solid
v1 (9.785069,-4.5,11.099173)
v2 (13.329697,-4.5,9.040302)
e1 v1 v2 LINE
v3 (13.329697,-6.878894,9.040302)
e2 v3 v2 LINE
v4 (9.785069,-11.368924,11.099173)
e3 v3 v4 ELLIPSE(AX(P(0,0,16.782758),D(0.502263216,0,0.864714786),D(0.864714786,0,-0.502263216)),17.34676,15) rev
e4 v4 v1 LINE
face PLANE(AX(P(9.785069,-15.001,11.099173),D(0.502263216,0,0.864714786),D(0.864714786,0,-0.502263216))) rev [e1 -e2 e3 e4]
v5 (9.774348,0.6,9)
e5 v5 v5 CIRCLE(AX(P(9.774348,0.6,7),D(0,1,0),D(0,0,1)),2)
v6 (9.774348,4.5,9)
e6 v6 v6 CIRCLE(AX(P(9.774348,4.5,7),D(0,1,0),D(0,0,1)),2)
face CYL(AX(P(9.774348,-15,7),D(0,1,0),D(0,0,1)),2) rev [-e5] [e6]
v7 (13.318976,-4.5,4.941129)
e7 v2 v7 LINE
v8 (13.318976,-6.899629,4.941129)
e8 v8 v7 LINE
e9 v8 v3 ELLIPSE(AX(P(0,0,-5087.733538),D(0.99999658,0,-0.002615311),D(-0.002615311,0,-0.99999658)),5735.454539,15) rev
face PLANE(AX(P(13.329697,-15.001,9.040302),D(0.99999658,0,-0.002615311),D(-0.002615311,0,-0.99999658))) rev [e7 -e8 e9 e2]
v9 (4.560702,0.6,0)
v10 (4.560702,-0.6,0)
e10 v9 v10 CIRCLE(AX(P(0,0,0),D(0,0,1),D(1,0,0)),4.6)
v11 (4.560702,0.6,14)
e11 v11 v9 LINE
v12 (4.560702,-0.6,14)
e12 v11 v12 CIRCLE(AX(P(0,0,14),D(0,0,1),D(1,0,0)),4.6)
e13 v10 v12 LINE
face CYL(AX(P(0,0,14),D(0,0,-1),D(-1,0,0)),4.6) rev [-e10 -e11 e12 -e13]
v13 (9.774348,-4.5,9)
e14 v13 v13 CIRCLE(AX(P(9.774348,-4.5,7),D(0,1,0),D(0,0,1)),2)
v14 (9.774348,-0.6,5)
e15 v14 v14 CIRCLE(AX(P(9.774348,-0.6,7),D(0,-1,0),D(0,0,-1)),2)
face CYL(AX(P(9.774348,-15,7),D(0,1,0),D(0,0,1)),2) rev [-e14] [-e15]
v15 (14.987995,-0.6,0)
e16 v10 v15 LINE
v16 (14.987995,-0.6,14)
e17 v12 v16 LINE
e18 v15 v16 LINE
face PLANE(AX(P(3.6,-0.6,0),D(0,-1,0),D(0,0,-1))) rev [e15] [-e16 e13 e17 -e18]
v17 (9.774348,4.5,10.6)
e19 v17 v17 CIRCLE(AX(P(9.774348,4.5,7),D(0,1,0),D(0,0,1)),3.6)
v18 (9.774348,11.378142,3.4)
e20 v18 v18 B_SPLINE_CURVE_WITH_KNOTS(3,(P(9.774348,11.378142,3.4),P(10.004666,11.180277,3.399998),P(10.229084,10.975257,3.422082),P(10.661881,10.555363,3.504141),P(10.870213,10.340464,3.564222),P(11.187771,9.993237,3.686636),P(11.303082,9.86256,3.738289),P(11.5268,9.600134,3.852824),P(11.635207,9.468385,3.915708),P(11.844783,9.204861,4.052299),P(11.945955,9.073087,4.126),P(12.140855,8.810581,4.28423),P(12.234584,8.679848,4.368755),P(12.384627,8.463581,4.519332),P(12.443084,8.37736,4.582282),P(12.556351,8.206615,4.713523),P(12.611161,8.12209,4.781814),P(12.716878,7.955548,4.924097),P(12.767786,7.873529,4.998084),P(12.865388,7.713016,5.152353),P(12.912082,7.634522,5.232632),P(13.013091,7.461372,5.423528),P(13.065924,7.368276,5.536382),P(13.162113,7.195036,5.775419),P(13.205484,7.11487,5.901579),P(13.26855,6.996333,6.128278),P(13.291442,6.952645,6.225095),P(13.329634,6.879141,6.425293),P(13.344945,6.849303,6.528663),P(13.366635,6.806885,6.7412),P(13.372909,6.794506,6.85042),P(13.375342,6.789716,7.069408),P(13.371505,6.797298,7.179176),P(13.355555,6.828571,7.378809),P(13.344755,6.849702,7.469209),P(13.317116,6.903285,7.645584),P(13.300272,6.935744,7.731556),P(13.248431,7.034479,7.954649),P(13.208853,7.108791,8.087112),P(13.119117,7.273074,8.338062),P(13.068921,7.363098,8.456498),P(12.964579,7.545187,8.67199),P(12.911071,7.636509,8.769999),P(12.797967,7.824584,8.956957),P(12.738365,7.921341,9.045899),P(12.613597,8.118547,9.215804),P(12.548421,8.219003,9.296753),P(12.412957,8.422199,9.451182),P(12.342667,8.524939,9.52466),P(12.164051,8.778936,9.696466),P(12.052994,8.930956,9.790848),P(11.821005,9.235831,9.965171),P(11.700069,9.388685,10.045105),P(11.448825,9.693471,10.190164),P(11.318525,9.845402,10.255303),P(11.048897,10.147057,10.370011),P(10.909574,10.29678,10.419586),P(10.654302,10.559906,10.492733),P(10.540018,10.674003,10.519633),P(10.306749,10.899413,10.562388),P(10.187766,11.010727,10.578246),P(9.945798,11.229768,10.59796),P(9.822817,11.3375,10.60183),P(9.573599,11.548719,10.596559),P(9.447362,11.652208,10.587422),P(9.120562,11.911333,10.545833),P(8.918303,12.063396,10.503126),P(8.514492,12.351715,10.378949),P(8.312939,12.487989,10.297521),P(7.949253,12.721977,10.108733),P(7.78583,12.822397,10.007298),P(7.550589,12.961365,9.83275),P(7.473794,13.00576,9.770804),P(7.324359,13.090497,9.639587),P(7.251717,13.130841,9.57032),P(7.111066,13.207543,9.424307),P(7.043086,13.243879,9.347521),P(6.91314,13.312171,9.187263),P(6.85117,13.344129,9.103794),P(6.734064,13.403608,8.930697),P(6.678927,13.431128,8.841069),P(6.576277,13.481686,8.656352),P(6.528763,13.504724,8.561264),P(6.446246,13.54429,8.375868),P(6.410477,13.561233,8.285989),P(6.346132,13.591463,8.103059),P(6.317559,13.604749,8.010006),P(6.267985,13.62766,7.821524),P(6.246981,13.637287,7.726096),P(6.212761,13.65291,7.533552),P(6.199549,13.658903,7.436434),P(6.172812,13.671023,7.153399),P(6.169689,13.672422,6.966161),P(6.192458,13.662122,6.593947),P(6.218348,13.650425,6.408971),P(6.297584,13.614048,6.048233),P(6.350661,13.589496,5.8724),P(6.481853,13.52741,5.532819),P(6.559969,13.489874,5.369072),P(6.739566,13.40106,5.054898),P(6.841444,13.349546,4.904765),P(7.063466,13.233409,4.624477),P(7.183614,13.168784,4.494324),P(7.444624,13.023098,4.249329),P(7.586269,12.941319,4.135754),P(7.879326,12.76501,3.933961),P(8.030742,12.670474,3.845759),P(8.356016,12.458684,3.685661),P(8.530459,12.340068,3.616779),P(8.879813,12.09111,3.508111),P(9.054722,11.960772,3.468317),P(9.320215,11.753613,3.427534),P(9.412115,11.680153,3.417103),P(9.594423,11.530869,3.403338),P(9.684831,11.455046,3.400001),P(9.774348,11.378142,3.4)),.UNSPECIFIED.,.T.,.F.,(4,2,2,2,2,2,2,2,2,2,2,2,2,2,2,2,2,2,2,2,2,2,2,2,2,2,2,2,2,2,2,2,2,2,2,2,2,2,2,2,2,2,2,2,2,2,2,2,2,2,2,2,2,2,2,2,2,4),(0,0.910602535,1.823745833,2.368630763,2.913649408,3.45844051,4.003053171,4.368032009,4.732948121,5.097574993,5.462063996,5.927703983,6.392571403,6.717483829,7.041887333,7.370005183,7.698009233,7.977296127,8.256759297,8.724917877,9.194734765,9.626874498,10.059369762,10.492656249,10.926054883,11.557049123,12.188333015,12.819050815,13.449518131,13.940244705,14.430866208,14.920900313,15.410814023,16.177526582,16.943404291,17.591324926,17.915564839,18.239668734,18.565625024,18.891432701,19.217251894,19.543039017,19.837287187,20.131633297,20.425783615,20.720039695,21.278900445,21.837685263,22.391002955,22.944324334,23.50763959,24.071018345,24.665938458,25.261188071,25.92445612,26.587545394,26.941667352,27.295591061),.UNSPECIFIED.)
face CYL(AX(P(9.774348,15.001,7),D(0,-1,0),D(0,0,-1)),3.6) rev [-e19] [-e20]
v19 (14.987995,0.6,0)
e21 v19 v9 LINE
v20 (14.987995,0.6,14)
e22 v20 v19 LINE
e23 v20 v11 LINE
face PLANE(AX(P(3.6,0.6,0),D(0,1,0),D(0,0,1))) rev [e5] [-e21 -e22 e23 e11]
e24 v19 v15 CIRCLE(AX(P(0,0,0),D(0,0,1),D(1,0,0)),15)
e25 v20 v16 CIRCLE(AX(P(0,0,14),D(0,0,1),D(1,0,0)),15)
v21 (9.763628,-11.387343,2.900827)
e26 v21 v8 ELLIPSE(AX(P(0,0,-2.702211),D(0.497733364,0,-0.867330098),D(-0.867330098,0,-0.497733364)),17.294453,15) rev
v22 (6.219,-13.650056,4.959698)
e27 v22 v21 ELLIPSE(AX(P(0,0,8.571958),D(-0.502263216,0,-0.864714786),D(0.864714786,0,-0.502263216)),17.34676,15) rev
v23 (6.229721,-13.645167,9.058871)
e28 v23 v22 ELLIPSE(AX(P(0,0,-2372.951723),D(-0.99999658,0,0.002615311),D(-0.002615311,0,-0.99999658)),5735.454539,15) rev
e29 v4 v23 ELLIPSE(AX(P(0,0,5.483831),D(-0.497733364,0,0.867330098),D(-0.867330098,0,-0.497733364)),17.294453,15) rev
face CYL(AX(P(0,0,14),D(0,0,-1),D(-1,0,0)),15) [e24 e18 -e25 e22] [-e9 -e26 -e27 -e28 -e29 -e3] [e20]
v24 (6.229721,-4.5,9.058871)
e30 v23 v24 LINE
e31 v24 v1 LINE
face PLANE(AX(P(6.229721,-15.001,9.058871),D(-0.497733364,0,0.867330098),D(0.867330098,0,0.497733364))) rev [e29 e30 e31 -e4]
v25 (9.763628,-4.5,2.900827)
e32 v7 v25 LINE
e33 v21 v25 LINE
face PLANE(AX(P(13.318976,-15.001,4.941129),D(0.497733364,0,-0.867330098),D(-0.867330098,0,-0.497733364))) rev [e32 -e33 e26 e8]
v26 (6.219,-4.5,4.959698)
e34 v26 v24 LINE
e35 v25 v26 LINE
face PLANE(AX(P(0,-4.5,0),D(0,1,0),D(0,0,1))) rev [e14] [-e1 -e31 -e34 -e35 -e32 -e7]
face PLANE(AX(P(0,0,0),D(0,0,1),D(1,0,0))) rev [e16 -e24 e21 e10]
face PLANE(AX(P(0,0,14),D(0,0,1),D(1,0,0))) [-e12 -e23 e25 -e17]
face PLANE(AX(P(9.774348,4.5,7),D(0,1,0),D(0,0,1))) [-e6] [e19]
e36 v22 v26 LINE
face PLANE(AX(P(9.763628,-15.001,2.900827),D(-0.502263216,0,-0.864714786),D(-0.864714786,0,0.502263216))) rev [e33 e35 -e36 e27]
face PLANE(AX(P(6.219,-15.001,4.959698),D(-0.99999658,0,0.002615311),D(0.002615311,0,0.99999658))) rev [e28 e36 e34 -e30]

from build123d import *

# Parameters (mm, degrees)
SKETCH1_R               = 15
SKETCH1_R_2             = 4.6
BOSS_EXTRUDE1_DEPTH     = 14
SKETCH2_W               = 12.4
SKETCH2_H               = 1.2
CUT_EXTRUDE1_DEPTH      = 26.416530054
CUT_EXTRUDE2_DEPTH      = 26.416530054
CUT_EXTRUDE2_DEPTH_BACK = 26.416530054
SKETCH3_R               = 2
CUT_EXTRUDE3_REACH      = 30.306
CUT_EXTRUDE3_END_RADIUS = 15
SKETCH4_R               = 3.6
CUT_EXTRUDE4_REACH      = 30.306
CUT_EXTRUDE4_END_RADIUS = 15


with BuildPart() as part:
    # Sketch1 → Boss-Extrude1 (new body)
    with BuildSketch(Plane.XY):
        Circle(SKETCH1_R)
        Circle(SKETCH1_R_2, mode=Mode.SUBTRACT)
    extrude(amount=BOSS_EXTRUDE1_DEPTH)

    # Sketch2 → Cut-Extrude1 (cut, through all)
    with BuildSketch(Plane.XY.offset(14)):
        with Locations((9.8, 0)):
            Rectangle(SKETCH2_W, SKETCH2_H)
    extrude(amount=-CUT_EXTRUDE1_DEPTH, mode=Mode.SUBTRACT)

    # Sketch3 → Cut-Extrude2 (cut, two sides: drawn at the far end of the back side and taken through both)
    with BuildSketch(Plane(origin=(0, 0, 0), x_dir=(1, 0, 0), z_dir=(0, 1, 0)).offset(-CUT_EXTRUDE2_DEPTH_BACK)):
        with Locations(Location((9.774348448, -7, 0), (0, 0, 270))):
            Circle(SKETCH3_R)
    extrude(amount=CUT_EXTRUDE2_DEPTH + CUT_EXTRUDE2_DEPTH_BACK, mode=Mode.SUBTRACT)

    # Cut-Extrude3: up to this cylinder (the profile starts inside it)
    cut_extrude3_end = Plane(origin=(0, 0, 7), z_dir=(0, 0, -1)) * Cylinder(CUT_EXTRUDE3_END_RADIUS, 91.612, mode=Mode.PRIVATE)
    # Sketch4 → Cut-Extrude3 (cut, up to the surface)
    with BuildSketch(Plane(origin=(0, 4.5, 0), x_dir=(1, 0, 0), z_dir=(0, 1, 0)), mode=Mode.PRIVATE) as cut_extrude3_sk1:
        with Locations(Location((9.774348448, -7, 0), (0, 0, 90))):
            Circle(SKETCH4_R)
    cut_extrude3_tool1 = extrude(cut_extrude3_sk1.sketch, amount=CUT_EXTRUDE3_REACH, mode=Mode.PRIVATE) & cut_extrude3_end
    add(cut_extrude3_tool1.solids().sort_by_distance((9.774348, 4.5, 7))[0], mode=Mode.SUBTRACT)

    # Cut-Extrude4: up to this cylinder (the profile starts inside it)
    cut_extrude4_end = Plane(origin=(0, 0, 7), z_dir=(0, 0, -1)) * Cylinder(CUT_EXTRUDE4_END_RADIUS, 91.612, mode=Mode.PRIVATE)
    # Sketch5 → Cut-Extrude4 (cut, up to the surface)
    with BuildSketch(Plane(origin=(0, -4.5, 0), x_dir=(1, 0, 0), z_dir=(0, 1, 0)), mode=Mode.PRIVATE) as cut_extrude4_sk1:
        Polygon((6.229720914, -9.058870802), (9.785069099, -11.099172892), (13.329696633, -9.04030209), (13.318975982, -4.941129198), (9.763627798, -2.900827108), (6.219000264, -4.95969791), align=None)
    cut_extrude4_tool1 = extrude(cut_extrude4_sk1.sketch, amount=-CUT_EXTRUDE4_REACH, mode=Mode.PRIVATE) & cut_extrude4_end
    add(cut_extrude4_tool1.solids().sort_by_distance((9.774348, -4.5, 7))[0], mode=Mode.SUBTRACT)


solid = part.part
